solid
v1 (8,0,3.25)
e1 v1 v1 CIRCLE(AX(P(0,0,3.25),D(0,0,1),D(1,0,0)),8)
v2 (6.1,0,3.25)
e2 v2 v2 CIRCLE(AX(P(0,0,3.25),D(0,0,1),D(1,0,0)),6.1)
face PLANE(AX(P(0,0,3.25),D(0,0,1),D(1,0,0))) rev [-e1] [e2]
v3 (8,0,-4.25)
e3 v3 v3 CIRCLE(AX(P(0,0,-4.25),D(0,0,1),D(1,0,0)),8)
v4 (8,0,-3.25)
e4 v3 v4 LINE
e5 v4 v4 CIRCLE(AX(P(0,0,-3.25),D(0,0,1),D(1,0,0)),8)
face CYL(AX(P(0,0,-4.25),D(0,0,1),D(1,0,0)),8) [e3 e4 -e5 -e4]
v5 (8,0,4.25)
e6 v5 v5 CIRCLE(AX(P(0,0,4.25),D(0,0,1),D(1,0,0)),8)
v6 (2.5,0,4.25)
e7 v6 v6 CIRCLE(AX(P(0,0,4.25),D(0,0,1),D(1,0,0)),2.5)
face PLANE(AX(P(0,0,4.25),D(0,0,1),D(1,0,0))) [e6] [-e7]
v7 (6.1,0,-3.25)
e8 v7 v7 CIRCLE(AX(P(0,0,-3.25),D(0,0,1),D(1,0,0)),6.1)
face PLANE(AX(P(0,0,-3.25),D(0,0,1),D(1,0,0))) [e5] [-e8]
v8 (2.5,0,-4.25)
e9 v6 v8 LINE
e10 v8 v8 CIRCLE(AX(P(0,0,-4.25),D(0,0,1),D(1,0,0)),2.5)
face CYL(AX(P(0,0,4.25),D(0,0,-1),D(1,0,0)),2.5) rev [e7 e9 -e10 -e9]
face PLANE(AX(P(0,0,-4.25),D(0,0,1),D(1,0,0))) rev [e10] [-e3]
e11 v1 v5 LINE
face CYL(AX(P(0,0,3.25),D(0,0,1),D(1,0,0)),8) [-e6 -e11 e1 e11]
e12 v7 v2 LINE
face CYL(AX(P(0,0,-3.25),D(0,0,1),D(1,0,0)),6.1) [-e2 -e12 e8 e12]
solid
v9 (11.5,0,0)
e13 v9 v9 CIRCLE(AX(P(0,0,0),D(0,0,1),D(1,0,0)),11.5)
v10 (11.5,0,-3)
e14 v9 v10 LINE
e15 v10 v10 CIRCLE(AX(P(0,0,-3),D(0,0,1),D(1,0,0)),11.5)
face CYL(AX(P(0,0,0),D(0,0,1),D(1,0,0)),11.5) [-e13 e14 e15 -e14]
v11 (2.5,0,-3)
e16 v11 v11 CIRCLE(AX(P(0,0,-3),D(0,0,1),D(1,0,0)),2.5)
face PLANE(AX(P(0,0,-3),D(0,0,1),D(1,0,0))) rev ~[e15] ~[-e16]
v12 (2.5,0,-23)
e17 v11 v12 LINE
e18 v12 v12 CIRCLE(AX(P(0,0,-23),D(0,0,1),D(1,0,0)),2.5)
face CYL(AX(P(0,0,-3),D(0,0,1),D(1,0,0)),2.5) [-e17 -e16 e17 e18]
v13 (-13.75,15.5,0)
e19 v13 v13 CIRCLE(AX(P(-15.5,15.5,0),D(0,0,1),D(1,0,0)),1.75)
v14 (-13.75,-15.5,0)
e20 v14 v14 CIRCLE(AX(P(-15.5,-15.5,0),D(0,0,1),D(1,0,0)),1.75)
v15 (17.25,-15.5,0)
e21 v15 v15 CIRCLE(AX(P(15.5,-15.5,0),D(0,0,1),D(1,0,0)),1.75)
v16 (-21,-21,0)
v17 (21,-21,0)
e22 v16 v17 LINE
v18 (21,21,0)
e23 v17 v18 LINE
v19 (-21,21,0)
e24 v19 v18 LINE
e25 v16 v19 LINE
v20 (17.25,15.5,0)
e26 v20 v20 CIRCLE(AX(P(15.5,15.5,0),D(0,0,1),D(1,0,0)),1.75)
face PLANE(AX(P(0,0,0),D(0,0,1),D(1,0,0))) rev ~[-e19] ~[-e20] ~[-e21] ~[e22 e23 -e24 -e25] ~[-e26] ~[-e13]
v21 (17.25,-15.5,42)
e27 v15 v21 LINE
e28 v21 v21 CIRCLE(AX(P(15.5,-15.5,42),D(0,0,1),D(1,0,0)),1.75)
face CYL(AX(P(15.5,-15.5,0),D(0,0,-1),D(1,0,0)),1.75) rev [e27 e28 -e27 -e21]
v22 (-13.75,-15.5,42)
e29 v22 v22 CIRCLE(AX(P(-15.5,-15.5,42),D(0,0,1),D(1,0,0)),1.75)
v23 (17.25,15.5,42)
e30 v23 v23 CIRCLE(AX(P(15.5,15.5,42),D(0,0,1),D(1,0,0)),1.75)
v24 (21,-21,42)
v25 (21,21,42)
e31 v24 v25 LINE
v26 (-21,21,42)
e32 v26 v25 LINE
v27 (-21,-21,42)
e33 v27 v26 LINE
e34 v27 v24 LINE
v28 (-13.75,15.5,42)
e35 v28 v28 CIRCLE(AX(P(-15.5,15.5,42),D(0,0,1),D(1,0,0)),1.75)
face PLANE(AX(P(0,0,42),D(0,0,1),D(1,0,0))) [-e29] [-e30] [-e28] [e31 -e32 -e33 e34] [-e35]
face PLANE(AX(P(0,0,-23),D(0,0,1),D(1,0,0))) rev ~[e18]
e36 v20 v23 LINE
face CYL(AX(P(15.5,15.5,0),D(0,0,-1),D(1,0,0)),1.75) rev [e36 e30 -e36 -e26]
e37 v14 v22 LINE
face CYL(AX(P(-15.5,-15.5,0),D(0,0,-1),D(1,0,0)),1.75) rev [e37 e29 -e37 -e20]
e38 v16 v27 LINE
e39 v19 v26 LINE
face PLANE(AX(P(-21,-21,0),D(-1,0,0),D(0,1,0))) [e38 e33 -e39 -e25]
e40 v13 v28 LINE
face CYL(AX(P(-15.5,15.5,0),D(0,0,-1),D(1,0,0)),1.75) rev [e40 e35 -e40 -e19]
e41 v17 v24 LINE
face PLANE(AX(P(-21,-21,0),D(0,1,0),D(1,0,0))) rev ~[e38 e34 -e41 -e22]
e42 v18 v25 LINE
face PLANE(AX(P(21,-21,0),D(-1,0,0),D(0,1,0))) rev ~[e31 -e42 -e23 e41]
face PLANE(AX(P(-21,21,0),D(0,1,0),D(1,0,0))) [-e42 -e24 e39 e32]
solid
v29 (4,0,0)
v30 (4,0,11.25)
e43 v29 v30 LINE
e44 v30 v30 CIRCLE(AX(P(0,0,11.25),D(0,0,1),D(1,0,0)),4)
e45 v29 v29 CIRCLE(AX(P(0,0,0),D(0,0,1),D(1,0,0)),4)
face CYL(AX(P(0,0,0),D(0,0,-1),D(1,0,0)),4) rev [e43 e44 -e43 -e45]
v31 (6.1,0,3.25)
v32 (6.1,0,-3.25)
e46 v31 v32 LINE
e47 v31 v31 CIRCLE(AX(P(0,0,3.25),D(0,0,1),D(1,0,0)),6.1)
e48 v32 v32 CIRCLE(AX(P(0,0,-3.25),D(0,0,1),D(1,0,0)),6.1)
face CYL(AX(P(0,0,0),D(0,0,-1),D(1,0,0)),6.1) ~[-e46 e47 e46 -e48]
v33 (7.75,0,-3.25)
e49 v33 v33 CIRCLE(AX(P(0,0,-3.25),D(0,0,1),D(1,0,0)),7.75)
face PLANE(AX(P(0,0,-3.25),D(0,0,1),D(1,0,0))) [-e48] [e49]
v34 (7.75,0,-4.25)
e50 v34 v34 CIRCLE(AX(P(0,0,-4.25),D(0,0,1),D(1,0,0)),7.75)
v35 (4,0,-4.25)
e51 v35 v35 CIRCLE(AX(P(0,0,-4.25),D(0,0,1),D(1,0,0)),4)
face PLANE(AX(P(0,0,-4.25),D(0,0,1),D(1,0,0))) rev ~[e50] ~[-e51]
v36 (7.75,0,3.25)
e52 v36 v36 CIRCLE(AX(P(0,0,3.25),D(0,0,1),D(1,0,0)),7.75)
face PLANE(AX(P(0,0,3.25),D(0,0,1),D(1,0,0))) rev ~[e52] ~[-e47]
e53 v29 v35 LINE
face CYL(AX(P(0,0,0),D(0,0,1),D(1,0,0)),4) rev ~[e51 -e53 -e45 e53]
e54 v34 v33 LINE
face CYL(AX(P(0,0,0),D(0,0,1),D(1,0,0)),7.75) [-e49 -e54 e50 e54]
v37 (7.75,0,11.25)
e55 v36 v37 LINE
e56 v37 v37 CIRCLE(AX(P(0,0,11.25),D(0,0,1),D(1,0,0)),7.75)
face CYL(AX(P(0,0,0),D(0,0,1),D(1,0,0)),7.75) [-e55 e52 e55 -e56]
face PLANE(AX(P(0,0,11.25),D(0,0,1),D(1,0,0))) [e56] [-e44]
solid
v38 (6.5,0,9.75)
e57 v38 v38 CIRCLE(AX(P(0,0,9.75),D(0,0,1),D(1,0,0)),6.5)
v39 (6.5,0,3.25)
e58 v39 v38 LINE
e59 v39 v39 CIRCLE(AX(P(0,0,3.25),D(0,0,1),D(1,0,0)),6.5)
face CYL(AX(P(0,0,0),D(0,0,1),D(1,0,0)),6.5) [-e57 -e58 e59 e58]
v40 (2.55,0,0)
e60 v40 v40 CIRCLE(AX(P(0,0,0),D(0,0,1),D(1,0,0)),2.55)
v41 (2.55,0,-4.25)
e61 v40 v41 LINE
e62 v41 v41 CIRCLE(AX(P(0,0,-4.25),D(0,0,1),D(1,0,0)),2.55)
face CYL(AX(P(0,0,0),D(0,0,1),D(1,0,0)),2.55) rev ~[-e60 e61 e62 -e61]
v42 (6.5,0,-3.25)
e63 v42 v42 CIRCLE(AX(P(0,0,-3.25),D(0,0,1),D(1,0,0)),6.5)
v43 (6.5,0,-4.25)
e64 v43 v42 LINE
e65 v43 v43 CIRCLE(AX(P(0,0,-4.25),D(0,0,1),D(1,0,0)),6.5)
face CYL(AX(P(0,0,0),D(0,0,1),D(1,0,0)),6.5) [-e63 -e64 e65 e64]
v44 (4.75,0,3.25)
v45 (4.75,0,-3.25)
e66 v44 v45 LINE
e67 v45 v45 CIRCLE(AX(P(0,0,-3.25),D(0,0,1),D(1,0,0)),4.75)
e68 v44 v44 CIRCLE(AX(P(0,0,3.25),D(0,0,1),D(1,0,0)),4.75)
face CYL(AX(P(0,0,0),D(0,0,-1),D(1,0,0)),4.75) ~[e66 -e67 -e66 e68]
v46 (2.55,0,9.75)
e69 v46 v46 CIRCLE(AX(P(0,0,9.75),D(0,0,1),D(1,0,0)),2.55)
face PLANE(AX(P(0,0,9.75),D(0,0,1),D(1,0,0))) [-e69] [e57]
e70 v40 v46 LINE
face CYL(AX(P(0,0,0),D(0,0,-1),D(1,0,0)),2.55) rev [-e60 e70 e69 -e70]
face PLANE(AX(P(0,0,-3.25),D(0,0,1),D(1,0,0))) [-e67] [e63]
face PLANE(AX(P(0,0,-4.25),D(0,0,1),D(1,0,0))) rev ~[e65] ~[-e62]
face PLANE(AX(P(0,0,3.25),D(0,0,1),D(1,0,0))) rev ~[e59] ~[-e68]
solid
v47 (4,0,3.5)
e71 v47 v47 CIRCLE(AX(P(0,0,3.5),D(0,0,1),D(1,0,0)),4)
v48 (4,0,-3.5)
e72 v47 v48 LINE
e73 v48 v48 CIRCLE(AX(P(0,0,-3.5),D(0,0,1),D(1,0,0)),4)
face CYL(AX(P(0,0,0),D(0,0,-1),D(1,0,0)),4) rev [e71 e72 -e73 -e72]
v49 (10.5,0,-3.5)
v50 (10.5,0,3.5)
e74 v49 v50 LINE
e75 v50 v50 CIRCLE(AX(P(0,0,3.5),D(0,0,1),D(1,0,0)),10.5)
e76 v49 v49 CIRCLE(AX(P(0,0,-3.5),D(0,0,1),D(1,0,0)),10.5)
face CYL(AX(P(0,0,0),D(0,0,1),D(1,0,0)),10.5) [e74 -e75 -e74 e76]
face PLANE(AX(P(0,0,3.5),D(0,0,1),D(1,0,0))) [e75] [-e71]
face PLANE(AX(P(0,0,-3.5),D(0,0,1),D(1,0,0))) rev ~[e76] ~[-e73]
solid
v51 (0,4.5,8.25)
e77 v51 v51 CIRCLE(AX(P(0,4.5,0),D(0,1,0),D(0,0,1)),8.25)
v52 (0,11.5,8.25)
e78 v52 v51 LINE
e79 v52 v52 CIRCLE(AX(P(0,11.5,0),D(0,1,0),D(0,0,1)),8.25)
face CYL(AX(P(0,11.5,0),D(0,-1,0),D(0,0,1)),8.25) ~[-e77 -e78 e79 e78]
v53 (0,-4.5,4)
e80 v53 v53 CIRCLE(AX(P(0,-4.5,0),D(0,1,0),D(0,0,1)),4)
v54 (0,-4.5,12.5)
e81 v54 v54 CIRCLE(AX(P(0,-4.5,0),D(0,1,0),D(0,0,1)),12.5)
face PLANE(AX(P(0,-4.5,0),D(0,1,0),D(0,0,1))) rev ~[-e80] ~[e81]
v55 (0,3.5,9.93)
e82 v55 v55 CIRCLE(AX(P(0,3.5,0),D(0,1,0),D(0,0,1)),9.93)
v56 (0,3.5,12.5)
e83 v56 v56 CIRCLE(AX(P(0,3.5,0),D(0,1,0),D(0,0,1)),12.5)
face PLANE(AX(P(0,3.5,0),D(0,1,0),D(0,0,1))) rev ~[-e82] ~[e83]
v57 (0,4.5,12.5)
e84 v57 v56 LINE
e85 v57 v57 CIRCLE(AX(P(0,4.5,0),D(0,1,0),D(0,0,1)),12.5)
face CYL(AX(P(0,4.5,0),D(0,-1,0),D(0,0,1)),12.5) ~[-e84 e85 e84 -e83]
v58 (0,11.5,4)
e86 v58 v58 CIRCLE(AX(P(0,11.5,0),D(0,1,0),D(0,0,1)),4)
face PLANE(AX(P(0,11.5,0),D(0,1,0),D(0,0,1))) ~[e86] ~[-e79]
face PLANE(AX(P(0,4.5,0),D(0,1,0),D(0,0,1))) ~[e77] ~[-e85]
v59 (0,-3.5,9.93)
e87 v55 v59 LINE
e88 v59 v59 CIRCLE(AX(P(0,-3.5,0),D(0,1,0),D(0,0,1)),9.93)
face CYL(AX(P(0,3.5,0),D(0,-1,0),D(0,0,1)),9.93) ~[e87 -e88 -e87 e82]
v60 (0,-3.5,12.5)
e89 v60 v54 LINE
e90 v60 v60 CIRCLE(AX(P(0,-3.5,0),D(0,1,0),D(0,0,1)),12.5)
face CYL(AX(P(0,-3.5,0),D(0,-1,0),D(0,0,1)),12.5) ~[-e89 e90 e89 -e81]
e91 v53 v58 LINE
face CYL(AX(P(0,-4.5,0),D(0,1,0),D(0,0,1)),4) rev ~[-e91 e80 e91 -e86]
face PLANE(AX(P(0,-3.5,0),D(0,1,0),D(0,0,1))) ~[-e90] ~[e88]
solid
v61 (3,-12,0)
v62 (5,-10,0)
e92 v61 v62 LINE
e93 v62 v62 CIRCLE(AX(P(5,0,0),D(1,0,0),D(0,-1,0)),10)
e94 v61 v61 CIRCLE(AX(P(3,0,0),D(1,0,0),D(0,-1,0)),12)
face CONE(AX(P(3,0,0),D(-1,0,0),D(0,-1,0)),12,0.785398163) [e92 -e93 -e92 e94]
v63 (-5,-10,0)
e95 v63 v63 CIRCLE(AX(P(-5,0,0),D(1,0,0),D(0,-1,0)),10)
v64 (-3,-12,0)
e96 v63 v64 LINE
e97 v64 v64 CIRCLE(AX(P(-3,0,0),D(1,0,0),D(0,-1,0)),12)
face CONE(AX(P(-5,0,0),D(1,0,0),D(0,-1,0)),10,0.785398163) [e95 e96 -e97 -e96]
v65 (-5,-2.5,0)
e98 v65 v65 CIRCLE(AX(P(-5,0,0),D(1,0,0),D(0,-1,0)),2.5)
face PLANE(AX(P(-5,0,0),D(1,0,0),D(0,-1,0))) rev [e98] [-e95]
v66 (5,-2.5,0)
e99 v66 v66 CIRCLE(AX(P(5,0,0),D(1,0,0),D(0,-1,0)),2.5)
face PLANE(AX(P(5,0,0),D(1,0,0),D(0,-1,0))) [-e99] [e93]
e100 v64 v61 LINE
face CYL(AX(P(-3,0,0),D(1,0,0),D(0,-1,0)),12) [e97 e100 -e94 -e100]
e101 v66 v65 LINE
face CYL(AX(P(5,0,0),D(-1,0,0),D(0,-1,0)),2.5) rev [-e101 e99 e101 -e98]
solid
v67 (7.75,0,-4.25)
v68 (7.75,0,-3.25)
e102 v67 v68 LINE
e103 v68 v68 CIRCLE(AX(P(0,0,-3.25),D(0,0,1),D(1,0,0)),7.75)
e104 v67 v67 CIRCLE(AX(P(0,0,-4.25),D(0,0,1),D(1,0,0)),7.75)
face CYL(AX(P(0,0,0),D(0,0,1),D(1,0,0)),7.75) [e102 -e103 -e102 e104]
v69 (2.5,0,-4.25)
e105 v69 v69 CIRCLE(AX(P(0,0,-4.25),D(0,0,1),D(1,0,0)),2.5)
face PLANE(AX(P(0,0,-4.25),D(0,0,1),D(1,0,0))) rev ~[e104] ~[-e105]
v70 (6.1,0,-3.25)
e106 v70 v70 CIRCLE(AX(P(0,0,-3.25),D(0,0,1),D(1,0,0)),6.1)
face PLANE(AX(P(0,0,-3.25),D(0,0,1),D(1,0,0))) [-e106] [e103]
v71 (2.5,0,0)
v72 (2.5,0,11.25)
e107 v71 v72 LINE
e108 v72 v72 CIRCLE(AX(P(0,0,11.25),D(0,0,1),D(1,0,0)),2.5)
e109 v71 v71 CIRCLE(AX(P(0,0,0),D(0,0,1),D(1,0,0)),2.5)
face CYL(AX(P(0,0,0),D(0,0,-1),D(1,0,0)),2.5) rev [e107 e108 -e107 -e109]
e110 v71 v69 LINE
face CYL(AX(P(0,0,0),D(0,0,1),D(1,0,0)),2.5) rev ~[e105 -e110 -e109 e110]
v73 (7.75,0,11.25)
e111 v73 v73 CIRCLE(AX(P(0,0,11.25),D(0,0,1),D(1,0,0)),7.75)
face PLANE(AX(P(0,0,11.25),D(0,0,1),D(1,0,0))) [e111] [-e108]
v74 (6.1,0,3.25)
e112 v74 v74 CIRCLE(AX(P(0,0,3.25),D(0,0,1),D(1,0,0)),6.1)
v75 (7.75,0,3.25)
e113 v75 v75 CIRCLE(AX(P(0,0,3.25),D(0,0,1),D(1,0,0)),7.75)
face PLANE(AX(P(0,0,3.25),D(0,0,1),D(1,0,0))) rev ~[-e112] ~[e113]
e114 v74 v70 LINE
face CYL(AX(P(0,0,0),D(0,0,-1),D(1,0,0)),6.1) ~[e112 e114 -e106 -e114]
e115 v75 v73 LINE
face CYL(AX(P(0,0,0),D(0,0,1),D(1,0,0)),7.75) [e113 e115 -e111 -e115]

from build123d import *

# Parameters (mm, degrees)
SKETCH007_W       = 42
SKETCH007_H       = 42
SKETCH007_R       = 1.75
PAD005_DEPTH      = 42
SKETCH008_R       = 11.5
PAD006_DEPTH      = 3
SKETCH009_R       = 2.5
PAD007_DEPTH      = 20
SKETCH_R          = 10.5
SKETCH_R_2        = 4
PAD_DEPTH         = 3.5
SKETCH095_R       = 6.5
SKETCH095_R_2     = 2.55
PAD026_DEPTH      = 9.75
PAD026_DEPTH_BACK = 4.25
SKETCH096_R       = 6.5
SKETCH096_R_2     = 4.75
POCKET046_DEPTH   = 3.25
SKETCH098_R       = 7.75
SKETCH098_R_2     = 4
PAD029_DEPTH      = 11.25
PAD029_DEPTH_BACK = 4.25
SKETCH099_R       = 7.75
SKETCH099_R_2     = 6.1
POCKET047_DEPTH   = 3.25
SKETCH240_R       = 7.75
SKETCH240_R_2     = 2.5
PAD058_DEPTH      = 11.25
PAD058_DEPTH_BACK = 4.25
SKETCH241_R       = 7.75
SKETCH241_R_2     = 6.1
POCKET147_DEPTH   = 3.25


with BuildPart() as idler_20t:
    # Sketch129 → Revolution014 (revolve)
    with BuildSketch(Plane.XZ):
        Polygon((2.5, 4.25), (2.5, -4.25), (8, -4.25), (8, -3.25), (6.1, -3.25), (6.1, 3.25), (8, 3.25), (8, 4.25), align=None)
    revolve(axis=Axis((0, 0, 0), (0, 0, 1)))


with BuildPart() as v_wheel:
    # Sketch029 → Revolution (revolve)
    with BuildSketch(Plane.XY):
        Polygon((-5, -10), (-3, -12), (3, -12), (5, -10), (5, -2.5), (-5, -2.5), align=None)
    revolve(axis=Axis((0, 0, 0), (1, 0, 0)))


with BuildPart() as body018:
    # Sketch007 → Pad005 (new body)
    with BuildSketch(Plane.XY):
        Rectangle(SKETCH007_W, SKETCH007_H)
        with Locations((-15.5, 15.5)):
            Circle(SKETCH007_R, mode=Mode.SUBTRACT)
        with Locations((15.5, 15.5)):
            Circle(SKETCH007_R, mode=Mode.SUBTRACT)
        with Locations((15.5, -15.5)):
            Circle(SKETCH007_R, mode=Mode.SUBTRACT)
        with Locations((-15.5, -15.5)):
            Circle(SKETCH007_R, mode=Mode.SUBTRACT)
    extrude(amount=PAD005_DEPTH)

    # Sketch008 → Pad006 (join)
    with BuildSketch(Plane.XY):
        Circle(SKETCH008_R)
    extrude(amount=-PAD006_DEPTH)

    # Sketch009 → Pad007 (join)
    with BuildSketch(Plane.XY.offset(-3)):
        Circle(SKETCH009_R)
    extrude(amount=-PAD007_DEPTH)


with BuildPart() as body:
    # Sketch → Pad (new body, symmetric)
    with BuildSketch(Plane.XY):
        Circle(SKETCH_R)
        Circle(SKETCH_R_2, mode=Mode.SUBTRACT)
    extrude(amount=PAD_DEPTH, both=True)


with BuildPart() as pulley_16t_5mm:
    # Sketch095 → Pad026 (new body, two sides)
    with BuildSketch(Plane.XY) as pad026_sk:
        Circle(SKETCH095_R)
        Circle(SKETCH095_R_2, mode=Mode.SUBTRACT)
    extrude(amount=PAD026_DEPTH)
    extrude(pad026_sk.sketch, amount=-PAD026_DEPTH_BACK)

    # Sketch096 → Pocket046 (cut, symmetric)
    with BuildSketch(Plane.XY):
        Circle(SKETCH096_R)
        Circle(SKETCH096_R_2, mode=Mode.SUBTRACT)
    extrude(amount=POCKET046_DEPTH, both=True, mode=Mode.SUBTRACT)


with BuildPart() as pulley_20t_8mm:
    # Sketch098 → Pad029 (new body, two sides)
    with BuildSketch(Plane.XY) as pad029_sk:
        Circle(SKETCH098_R)
        Circle(SKETCH098_R_2, mode=Mode.SUBTRACT)
    extrude(amount=PAD029_DEPTH)
    extrude(pad029_sk.sketch, amount=-PAD029_DEPTH_BACK)

    # Sketch099 → Pocket047 (cut, symmetric)
    with BuildSketch(Plane.XY):
        Circle(SKETCH099_R)
        Circle(SKETCH099_R_2, mode=Mode.SUBTRACT)
    extrude(amount=POCKET047_DEPTH, both=True, mode=Mode.SUBTRACT)


with BuildPart() as pulley_32t_8mm:
    # Sketch167 → Revolution015 (revolve)
    with BuildSketch(Plane.YZ):
        Polygon((-4.5, 12.5), (-4.5, 4), (11.5, 4), (11.5, 8.25), (4.5, 8.25), (4.5, 12.5), (3.5, 12.5), (3.5, 9.93), (-3.5, 9.93), (-3.5, 12.5), align=None)
    revolve(axis=Axis((0, 0, 0), (0, 1, 0)))


with BuildPart() as pulley_20t_5mm:
    # Sketch240 → Pad058 (new body, two sides)
    with BuildSketch(Plane.XY) as pad058_sk:
        Circle(SKETCH240_R)
        Circle(SKETCH240_R_2, mode=Mode.SUBTRACT)
    extrude(amount=PAD058_DEPTH)
    extrude(pad058_sk.sketch, amount=-PAD058_DEPTH_BACK)

    # Sketch241 → Pocket147 (cut, symmetric)
    with BuildSketch(Plane.XY):
        Circle(SKETCH241_R)
        Circle(SKETCH241_R_2, mode=Mode.SUBTRACT)
    extrude(amount=POCKET147_DEPTH, both=True, mode=Mode.SUBTRACT)


solid = Compound([idler_20t.part, v_wheel.part, body018.part, body.part, pulley_16t_5mm.part, pulley_20t_8mm.part, pulley_32t_8mm.part, pulley_20t_5mm.part])
